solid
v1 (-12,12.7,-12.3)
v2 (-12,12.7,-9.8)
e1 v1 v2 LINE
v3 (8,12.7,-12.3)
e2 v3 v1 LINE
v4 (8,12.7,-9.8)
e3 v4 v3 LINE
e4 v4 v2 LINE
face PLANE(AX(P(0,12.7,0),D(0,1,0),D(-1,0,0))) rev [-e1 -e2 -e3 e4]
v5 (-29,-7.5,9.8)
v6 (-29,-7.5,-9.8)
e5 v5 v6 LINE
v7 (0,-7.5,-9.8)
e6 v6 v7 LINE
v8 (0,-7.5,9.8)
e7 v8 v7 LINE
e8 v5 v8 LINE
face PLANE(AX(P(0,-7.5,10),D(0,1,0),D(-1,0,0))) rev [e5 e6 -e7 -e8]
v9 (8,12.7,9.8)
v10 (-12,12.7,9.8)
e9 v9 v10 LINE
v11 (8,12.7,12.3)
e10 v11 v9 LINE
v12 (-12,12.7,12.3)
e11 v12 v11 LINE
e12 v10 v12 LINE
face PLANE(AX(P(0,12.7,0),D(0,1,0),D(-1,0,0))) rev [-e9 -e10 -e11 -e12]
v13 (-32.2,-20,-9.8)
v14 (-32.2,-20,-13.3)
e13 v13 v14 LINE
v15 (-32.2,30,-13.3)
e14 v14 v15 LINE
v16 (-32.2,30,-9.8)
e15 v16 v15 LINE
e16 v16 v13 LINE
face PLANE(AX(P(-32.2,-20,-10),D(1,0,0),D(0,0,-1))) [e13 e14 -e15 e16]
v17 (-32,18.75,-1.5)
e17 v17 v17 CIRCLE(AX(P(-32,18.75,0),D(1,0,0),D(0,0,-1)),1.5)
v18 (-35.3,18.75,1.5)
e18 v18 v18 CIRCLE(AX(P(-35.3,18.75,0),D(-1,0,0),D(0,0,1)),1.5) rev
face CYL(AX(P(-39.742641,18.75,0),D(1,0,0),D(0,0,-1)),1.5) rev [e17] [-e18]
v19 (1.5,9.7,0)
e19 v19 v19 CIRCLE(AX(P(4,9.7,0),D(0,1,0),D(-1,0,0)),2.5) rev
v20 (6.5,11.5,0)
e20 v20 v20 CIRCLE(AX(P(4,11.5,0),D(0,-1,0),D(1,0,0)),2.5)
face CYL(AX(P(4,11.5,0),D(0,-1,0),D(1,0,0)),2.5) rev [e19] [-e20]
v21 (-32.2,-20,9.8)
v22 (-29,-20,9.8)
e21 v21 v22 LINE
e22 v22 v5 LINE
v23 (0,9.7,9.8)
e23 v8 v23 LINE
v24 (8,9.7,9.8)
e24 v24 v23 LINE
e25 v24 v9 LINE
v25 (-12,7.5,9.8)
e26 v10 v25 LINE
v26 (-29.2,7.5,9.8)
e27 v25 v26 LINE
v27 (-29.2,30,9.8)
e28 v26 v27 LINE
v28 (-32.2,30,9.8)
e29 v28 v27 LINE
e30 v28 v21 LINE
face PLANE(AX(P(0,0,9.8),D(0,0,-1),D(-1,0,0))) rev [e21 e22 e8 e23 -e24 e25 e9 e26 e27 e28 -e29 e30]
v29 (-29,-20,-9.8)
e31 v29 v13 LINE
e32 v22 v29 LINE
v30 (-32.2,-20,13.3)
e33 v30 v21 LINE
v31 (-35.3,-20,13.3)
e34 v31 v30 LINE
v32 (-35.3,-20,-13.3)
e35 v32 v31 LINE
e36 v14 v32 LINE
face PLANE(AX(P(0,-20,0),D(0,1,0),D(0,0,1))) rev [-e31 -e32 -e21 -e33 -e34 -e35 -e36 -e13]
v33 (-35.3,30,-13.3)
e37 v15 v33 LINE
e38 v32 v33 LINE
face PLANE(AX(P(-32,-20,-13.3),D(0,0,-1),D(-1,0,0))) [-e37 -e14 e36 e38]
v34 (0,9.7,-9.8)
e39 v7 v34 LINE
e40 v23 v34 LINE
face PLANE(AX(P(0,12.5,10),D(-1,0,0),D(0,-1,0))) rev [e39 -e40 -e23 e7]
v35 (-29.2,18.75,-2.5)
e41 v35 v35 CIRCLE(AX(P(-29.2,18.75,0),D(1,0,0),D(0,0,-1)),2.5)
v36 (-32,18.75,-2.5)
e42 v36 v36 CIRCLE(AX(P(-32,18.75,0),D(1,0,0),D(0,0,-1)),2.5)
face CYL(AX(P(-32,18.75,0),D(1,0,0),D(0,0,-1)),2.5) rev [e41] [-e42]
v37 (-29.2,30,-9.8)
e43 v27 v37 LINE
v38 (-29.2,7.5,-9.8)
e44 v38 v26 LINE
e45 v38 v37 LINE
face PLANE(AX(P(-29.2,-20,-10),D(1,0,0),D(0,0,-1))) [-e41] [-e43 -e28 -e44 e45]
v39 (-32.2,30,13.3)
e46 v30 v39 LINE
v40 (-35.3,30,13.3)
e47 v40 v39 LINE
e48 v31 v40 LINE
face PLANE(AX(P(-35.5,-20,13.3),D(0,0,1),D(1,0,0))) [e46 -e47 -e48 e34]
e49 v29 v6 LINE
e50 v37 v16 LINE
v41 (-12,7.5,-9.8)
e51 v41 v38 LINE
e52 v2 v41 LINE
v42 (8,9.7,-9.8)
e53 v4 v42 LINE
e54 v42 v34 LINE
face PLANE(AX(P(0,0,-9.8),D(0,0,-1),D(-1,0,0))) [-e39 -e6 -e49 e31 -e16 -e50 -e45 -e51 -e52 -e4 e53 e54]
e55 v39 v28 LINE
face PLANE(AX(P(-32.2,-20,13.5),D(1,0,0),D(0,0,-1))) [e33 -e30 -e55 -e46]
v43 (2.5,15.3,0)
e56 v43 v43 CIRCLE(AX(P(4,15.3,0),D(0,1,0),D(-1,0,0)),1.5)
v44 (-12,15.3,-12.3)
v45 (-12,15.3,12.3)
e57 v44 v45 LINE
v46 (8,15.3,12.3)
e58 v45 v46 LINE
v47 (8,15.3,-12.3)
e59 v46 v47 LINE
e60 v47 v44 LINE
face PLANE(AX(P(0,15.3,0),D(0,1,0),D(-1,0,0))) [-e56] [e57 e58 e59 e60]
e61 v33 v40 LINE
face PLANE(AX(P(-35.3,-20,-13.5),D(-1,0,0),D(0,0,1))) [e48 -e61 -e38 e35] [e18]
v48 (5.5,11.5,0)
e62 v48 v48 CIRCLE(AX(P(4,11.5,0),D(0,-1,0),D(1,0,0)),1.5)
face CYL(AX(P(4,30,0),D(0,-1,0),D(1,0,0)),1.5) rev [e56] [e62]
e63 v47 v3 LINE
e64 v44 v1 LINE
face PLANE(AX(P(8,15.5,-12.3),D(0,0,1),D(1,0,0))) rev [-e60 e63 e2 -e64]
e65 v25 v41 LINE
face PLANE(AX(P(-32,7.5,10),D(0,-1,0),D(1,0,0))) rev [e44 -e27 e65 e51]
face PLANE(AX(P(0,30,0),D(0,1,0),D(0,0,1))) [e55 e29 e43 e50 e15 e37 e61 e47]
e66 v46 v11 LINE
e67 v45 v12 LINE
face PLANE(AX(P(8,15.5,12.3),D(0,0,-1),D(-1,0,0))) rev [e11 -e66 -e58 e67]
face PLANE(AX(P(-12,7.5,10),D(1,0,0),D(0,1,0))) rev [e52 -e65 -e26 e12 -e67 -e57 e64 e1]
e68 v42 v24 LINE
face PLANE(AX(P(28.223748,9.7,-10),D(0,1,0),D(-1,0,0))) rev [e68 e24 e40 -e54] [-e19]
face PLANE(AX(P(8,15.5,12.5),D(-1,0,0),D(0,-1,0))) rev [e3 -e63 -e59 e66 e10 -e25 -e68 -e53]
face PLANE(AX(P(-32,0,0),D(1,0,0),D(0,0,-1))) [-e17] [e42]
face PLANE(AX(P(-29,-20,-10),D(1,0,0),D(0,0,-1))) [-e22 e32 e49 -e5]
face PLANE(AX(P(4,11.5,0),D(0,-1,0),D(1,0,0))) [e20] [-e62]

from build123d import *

# Parameters (mm, degrees)
BOSS_EXTRUDE1_DEPTH      = 10
BOSS_EXTRUDE2_DEPTH      = 30
BOSS_EXTRUDE2_DEPTH_BACK = 20
SKETCH3_W                = 20
SKETCH3_H                = 25
BOSS_EXTRUDE3_DEPTH      = 3
SKETCH4_W                = 20
SKETCH4_H                = 3
BOSS_EXTRUDE4_DEPTH      = 8
SKETCH5_R                = 1.5
CUT_EXTRUDE1_DEPTH       = 49.09105946
SKETCH5_3_R              = 2.5
SKETCH5_3_R_2            = 1.5
CUT_EXTRUDE2_DEPTH       = 2
SKETCH6_R                = 1.5
CUT_EXTRUDE3_DEPTH       = 6.5
SKETCH6_3_R              = 2.5
SKETCH6_3_R_2            = 1.5
CUT_EXTRUDE4_DEPTH       = 3
MOVE_FACE1_BY            = 0.2
MOVE_FACE1_2_BY          = 0.2
MOVE_FACE1_3_BY          = 0.2
MOVE_FACE1_4_BY          = 0.2
MOVE_FACE1_5_BY          = 0.2
MOVE_FACE1_6_BY          = 0.2
MOVE_FACE1_7_BY          = 0.2
MOVE_FACE1_8_BY          = 0.2
MOVE_FACE1_9_BY          = 0.2
MOVE_FACE1_10_BY         = 0.2
MOVE_FACE1_11_BY         = 0.2
MOVE_FACE1_12_BY         = 0.2
MOVE_FACE1_13_BY         = 0.2
MOVE_FACE1_14_BY         = 0.2


with BuildPart() as part:
    # Sketch1 → Boss-Extrude1 (new, symmetric)
    with BuildSketch(Plane.XY):
        Polygon((0, -7.5), (-32, -7.5), (-32, 7.5), (-12, 7.5), (-12, 12.5), (0, 12.5), align=None)
    extrude(amount=BOSS_EXTRUDE1_DEPTH, both=True)

    # Sketch2 → Boss-Extrude2 (add, two sides)
    with BuildSketch(Plane(origin=(0, 0, 0), x_dir=(1, 0, 0), z_dir=(0, 1, 0))) as boss_extrude2_sk:
        Polygon((-32, 13.5), (-35.5, 13.5), (-35.5, -13.5), (-32, -13.5), (-32, -10), (-29, -10), (-29, 10), (-32, 10), align=None)
    extrude(amount=BOSS_EXTRUDE2_DEPTH)
    extrude(boss_extrude2_sk.sketch, amount=-BOSS_EXTRUDE2_DEPTH_BACK)

    # Sketch3 → Boss-Extrude3 (add)
    with BuildSketch(Plane(origin=(0, 12.5, 0), x_dir=(1, 0, 0), z_dir=(0, 1, 0))):
        with Locations((-2, 0)):
            Rectangle(SKETCH3_W, SKETCH3_H)
    extrude(amount=BOSS_EXTRUDE3_DEPTH)

    # Sketch4 → Boss-Extrude4 (add)
    with BuildSketch(Plane(origin=(0, 0, 0), x_dir=(0, 0, -1), z_dir=(1, 0, 0))):
        with Locations((0, 11)):
            Rectangle(SKETCH4_W, SKETCH4_H)
    extrude(amount=BOSS_EXTRUDE4_DEPTH)

    # Sketch5 → Cut-Extrude1 (cut, through all)
    with BuildSketch(Plane.XZ.offset(-9.5)):
        with Locations((4, 0)):
            Circle(SKETCH5_R)
    extrude(amount=-CUT_EXTRUDE1_DEPTH, mode=Mode.SUBTRACT)

    # Sketch5<3> → Cut-Extrude2 (cut)
    with BuildSketch(Plane.XZ.offset(-9.5)):
        with Locations((4, 0)):
            Circle(SKETCH5_3_R)
        with Locations((4, 0)):
            Circle(SKETCH5_3_R_2, mode=Mode.SUBTRACT)
    extrude(amount=-CUT_EXTRUDE2_DEPTH, mode=Mode.SUBTRACT)

    # Sketch6 → Cut-Extrude3 (cut)
    with BuildSketch(Plane(origin=(-29, 0, 0), x_dir=(0, 0, -1), z_dir=(1, 0, 0))):
        with Locations((0, 18.75)):
            Circle(SKETCH6_R)
    extrude(amount=-CUT_EXTRUDE3_DEPTH, mode=Mode.SUBTRACT)

    # Sketch6<3> → Cut-Extrude4 (cut)
    with BuildSketch(Plane(origin=(-29, 0, 0), x_dir=(0, 0, -1), z_dir=(1, 0, 0))):
        with Locations((0, 18.75)):
            Circle(SKETCH6_3_R)
        with Locations((0, 18.75)):
            Circle(SKETCH6_3_R_2, mode=Mode.SUBTRACT)
    extrude(amount=-CUT_EXTRUDE4_DEPTH, mode=Mode.SUBTRACT)

    # Move Face1: a face moved inward by 0.2
    extrude(part.faces().sort_by_distance((7.2, 9.5, 0))[0], amount=MOVE_FACE1_BY, dir=(0, 1, 0), mode=Mode.SUBTRACT)

    # Move Face1 2: a face moved inward by 0.2
    extrude(part.faces().sort_by_distance((-29, 24.375, 0))[0], amount=MOVE_FACE1_2_BY, dir=(-1, 0, 0), mode=Mode.SUBTRACT)

    # Move Face1 3: a face moved inward by 0.2
    extrude(part.faces().sort_by_distance((-2, 12.5, -11.25))[0], amount=MOVE_FACE1_3_BY, dir=(0, 1, 0), mode=Mode.SUBTRACT)

    # Move Face1 4: a face moved inward by 0.2
    extrude(part.faces().sort_by_distance((-2, 14, -12.5))[0], amount=MOVE_FACE1_4_BY, dir=(0, 0, 1), mode=Mode.SUBTRACT)

    # Move Face1 5: a face moved inward by 0.2
    extrude(part.faces().sort_by_distance((-2.086039354, 15.5, 0))[0], amount=MOVE_FACE1_5_BY, dir=(0, -1, 0), mode=Mode.SUBTRACT)

    # Move Face1 6: a face moved inward by 0.2
    extrude(part.faces().sort_by_distance((-2, 14, 12.5))[0], amount=MOVE_FACE1_6_BY, dir=(0, 0, -1), mode=Mode.SUBTRACT)

    # Move Face1 7: a face moved inward by 0.2
    extrude(part.faces().sort_by_distance((-2, 12.5, 11.25))[0], amount=MOVE_FACE1_7_BY, dir=(0, 1, 0), mode=Mode.SUBTRACT)

    # Move Face1 8: a face moved inward by 0.2
    extrude(part.faces().sort_by_distance((-33.75, 5, -13.5))[0], amount=MOVE_FACE1_8_BY, dir=(0, 0, 1), mode=Mode.SUBTRACT)

    # Move Face1 9: a face moved inward by 0.2
    extrude(part.faces().sort_by_distance((-32, 5, -11.75))[0], amount=MOVE_FACE1_9_BY, dir=(-1, 0, 0), mode=Mode.SUBTRACT)

    # Move Face1 10: a face moved inward by 0.2
    extrude(part.faces().sort_by_distance((-16.661434978, 2.412556054, -10))[0], amount=MOVE_FACE1_10_BY, dir=(0, 0, 1), mode=Mode.SUBTRACT)

    # Move Face1 11: a face moved inward by 0.2
    extrude(part.faces().sort_by_distance((-35.5, 4.92762622, 0))[0], amount=MOVE_FACE1_11_BY, dir=(1, 0, 0), mode=Mode.SUBTRACT)

    # Move Face1 12: a face moved inward by 0.2
    extrude(part.faces().sort_by_distance((-16.661434978, 2.412556054, 10))[0], amount=MOVE_FACE1_12_BY, dir=(0, 0, -1), mode=Mode.SUBTRACT)

    # Move Face1 13: a face moved inward by 0.2
    extrude(part.faces().sort_by_distance((-32, 5, 11.75))[0], amount=MOVE_FACE1_13_BY, dir=(-1, 0, 0), mode=Mode.SUBTRACT)

    # Move Face1 14: a face moved inward by 0.2
    extrude(part.faces().sort_by_distance((-33.75, 5, 13.5))[0], amount=MOVE_FACE1_14_BY, dir=(0, 0, -1), mode=Mode.SUBTRACT)


solid = part.part
